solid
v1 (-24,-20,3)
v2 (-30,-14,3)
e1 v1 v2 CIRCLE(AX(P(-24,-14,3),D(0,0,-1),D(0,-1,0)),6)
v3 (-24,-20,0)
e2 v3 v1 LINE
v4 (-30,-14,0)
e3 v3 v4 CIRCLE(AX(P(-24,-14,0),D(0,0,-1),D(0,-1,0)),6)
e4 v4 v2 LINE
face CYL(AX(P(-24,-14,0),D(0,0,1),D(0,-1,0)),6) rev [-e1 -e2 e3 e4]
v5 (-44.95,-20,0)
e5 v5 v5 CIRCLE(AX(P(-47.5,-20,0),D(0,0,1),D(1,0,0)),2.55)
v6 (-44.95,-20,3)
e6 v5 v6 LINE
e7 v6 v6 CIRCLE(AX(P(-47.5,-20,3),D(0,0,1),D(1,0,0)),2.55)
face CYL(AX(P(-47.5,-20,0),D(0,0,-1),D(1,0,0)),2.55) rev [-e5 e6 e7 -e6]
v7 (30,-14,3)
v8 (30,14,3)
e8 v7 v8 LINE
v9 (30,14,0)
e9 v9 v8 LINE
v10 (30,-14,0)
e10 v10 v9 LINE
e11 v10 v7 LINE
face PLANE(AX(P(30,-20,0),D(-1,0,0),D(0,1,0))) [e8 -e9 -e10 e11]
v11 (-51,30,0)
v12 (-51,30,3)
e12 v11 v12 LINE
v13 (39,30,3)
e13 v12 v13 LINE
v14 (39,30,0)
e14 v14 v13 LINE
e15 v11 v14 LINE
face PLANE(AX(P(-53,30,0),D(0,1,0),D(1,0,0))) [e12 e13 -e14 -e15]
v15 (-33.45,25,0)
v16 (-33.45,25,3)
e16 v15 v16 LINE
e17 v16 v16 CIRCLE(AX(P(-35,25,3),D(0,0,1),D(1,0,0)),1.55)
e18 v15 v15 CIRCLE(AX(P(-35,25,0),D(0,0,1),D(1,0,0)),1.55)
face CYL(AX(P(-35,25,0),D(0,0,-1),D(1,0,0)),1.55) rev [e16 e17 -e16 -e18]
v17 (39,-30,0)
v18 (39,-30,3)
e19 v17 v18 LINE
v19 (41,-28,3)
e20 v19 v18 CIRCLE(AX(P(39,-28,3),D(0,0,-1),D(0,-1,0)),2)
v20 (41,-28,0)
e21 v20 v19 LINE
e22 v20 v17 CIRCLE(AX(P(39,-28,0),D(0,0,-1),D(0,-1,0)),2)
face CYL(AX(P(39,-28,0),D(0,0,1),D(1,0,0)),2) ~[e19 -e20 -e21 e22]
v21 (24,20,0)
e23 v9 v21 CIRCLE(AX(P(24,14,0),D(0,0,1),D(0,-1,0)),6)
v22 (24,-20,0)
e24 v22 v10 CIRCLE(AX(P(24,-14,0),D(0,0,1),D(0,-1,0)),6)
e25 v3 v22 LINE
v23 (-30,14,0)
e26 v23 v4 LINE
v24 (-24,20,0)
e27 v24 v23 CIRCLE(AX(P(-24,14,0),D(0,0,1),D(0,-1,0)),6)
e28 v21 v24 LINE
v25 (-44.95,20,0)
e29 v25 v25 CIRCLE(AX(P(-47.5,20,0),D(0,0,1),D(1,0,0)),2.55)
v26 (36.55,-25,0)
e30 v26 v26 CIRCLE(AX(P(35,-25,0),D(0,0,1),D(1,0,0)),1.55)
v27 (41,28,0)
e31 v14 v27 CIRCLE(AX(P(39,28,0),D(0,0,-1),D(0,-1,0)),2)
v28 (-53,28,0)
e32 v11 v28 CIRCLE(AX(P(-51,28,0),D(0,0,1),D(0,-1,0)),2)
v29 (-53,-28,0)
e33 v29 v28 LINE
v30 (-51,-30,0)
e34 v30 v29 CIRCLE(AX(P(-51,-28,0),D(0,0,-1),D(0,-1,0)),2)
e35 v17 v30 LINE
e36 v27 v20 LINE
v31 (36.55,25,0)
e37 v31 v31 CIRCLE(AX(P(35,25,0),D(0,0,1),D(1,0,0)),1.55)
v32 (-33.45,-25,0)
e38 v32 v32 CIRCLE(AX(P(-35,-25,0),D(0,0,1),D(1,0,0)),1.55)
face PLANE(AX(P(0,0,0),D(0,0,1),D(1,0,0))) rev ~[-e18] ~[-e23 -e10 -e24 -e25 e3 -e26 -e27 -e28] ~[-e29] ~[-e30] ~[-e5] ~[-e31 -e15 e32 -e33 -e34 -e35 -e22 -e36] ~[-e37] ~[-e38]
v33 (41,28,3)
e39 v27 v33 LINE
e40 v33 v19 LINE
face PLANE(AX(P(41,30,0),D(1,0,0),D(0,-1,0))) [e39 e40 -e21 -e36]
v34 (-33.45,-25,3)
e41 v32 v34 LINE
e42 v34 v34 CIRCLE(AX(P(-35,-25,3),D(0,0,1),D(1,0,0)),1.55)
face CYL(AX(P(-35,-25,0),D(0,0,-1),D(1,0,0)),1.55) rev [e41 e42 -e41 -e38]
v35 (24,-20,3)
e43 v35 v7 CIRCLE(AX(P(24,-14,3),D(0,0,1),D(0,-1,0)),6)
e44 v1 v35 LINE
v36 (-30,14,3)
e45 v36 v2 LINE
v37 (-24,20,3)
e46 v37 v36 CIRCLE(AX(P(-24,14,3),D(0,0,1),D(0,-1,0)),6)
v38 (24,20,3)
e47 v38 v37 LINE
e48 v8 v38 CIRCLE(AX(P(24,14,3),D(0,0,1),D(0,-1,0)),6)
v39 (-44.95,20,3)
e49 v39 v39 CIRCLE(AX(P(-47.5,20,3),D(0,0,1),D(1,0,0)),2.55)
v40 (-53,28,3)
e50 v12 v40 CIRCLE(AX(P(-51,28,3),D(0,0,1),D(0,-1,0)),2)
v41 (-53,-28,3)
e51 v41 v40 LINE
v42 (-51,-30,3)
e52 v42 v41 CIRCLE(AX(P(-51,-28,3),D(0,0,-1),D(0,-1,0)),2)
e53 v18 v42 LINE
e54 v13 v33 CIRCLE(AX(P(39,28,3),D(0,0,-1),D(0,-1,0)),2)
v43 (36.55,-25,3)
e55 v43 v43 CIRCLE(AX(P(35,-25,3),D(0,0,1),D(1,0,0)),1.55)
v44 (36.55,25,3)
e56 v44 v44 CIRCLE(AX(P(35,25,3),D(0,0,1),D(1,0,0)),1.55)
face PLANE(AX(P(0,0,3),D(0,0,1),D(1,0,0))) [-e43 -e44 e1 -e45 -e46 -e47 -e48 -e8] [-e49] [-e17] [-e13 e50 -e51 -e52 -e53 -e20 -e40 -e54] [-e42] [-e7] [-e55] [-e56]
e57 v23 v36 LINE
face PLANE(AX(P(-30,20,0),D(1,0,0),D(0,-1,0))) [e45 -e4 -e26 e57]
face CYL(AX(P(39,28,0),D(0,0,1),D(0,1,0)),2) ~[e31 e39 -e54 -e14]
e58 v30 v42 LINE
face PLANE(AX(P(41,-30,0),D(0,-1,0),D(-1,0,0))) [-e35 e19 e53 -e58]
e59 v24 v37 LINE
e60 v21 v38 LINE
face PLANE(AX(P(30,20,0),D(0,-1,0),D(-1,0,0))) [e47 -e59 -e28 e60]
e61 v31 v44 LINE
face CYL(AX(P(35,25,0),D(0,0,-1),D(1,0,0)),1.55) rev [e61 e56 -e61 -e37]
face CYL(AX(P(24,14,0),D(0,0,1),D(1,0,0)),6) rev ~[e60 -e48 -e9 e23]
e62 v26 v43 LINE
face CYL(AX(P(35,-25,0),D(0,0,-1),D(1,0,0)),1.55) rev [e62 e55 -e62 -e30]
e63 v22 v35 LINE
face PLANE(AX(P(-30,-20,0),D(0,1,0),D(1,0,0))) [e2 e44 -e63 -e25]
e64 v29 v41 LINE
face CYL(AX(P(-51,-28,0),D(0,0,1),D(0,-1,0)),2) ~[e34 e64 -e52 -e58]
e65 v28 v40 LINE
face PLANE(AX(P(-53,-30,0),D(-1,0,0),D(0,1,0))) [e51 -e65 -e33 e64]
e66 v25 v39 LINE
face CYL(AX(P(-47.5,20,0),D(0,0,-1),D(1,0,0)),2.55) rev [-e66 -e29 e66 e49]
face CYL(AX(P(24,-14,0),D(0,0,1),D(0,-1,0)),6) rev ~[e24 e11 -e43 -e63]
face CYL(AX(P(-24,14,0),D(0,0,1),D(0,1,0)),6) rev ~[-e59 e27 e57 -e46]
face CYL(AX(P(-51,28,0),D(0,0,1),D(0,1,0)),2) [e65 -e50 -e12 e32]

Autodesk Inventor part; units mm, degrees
ref_plane "YZ Plane" through (0, 0, 0) normal (1, 0, 0) x (0, 1, 0)
ref_plane "XZ Plane" through (0, 0, 0) normal (0, 1, 0) x (-1, 0, 0)
ref_plane "XY Plane" through (0, 0, 0) normal (0, 0, 1) x (1, 0, 0)
sketch "Sketch1" plane through (0, 0, 0) normal (0, 0, 1) x (1, 0, 0)
  line L0 (0, 42) -> (0, -42) construction
  line L1 (-71.8, 0) -> (59.8, 0) construction
  line L2 (-39, -29) -> (39, -29) construction
  line L3 (39, -29) -> (39, 29) construction
  line L4 (39, 29) -> (-39, 29) construction
  line L5 (-39, 29) -> (-39, -29) construction
  line L6 (-39, -29) -> (39, 29) construction
  line L7 (39, -29) -> (-39, 29) construction
  line L8 (-35, -25) -> (35, -25) construction
  line L9 (35, -25) -> (35, 25) construction
  line L10 (35, 25) -> (-35, 25) construction
  line L11 (-35, 25) -> (-35, -25) construction
  line L12 (-35, -25) -> (35, 25) construction
  line L13 (35, -25) -> (-35, 25) construction
  circle A0 centre (-35, 25) radius 1.55
  circle A1 centre (-35, -25) radius 1.55
  circle A2 centre (35, -25) radius 1.55
  circle A3 centre (35, 25) radius 1.55
  line L14 (-53, 30) -> (41, 30)
  line L15 (41, 30) -> (41, -30)
  line L16 (41, -30) -> (-53, -30)
  line L17 (-53, -30) -> (-53, 30)
  line L18 (-30, -20) -> (30, -20)
  line L19 (30, -20) -> (30, 20)
  line L20 (30, 20) -> (-30, 20)
  line L21 (-30, 20) -> (-30, -20)
  line L22 (-30, -20) -> (30, 20) construction
  line L23 (30, -20) -> (-30, 20) construction
  circle A4 centre (-47.5, 20) radius 2.55
  circle A5 centre (-47.5, -20) radius 2.55
  point P0 (0, 0)
  point P1 (-53, 0)
  point P2 (-39, 0)
  dimension "d4" = 58
  dimension "d5" = 78
  dimension "d6" = 4
  dimension "d7" = 50
  dimension "d8" = 3.1
  dimension "d9" = 14
  dimension "d10" = 60
  dimension "d12" = 40
  dimension "d13" = 60
  dimension "d16" = 2
  dimension "d17" = 5.1
  dimension "d18" = 20
  dimension "d19" = 5.5
  dimension "d20" = 20
extrude "Extrusion3" add sketch "Sketch1" along normal blind 3
fillet "Fillet1" radius 6 4 edges at (-30, 20, 1.5) (-30, -20, 1.5) (30, -20, 1.5) (30, 20, 1.5)
fillet "Fillet2" radius 2 4 edges at (41, 30, 1.5) (-53, 30, 1.5) (-53, -30, 1.5) (41, -30, 1.5)
properties part number "PCB plate" material "ALMg4,5Mn-5083-(D54S)"
